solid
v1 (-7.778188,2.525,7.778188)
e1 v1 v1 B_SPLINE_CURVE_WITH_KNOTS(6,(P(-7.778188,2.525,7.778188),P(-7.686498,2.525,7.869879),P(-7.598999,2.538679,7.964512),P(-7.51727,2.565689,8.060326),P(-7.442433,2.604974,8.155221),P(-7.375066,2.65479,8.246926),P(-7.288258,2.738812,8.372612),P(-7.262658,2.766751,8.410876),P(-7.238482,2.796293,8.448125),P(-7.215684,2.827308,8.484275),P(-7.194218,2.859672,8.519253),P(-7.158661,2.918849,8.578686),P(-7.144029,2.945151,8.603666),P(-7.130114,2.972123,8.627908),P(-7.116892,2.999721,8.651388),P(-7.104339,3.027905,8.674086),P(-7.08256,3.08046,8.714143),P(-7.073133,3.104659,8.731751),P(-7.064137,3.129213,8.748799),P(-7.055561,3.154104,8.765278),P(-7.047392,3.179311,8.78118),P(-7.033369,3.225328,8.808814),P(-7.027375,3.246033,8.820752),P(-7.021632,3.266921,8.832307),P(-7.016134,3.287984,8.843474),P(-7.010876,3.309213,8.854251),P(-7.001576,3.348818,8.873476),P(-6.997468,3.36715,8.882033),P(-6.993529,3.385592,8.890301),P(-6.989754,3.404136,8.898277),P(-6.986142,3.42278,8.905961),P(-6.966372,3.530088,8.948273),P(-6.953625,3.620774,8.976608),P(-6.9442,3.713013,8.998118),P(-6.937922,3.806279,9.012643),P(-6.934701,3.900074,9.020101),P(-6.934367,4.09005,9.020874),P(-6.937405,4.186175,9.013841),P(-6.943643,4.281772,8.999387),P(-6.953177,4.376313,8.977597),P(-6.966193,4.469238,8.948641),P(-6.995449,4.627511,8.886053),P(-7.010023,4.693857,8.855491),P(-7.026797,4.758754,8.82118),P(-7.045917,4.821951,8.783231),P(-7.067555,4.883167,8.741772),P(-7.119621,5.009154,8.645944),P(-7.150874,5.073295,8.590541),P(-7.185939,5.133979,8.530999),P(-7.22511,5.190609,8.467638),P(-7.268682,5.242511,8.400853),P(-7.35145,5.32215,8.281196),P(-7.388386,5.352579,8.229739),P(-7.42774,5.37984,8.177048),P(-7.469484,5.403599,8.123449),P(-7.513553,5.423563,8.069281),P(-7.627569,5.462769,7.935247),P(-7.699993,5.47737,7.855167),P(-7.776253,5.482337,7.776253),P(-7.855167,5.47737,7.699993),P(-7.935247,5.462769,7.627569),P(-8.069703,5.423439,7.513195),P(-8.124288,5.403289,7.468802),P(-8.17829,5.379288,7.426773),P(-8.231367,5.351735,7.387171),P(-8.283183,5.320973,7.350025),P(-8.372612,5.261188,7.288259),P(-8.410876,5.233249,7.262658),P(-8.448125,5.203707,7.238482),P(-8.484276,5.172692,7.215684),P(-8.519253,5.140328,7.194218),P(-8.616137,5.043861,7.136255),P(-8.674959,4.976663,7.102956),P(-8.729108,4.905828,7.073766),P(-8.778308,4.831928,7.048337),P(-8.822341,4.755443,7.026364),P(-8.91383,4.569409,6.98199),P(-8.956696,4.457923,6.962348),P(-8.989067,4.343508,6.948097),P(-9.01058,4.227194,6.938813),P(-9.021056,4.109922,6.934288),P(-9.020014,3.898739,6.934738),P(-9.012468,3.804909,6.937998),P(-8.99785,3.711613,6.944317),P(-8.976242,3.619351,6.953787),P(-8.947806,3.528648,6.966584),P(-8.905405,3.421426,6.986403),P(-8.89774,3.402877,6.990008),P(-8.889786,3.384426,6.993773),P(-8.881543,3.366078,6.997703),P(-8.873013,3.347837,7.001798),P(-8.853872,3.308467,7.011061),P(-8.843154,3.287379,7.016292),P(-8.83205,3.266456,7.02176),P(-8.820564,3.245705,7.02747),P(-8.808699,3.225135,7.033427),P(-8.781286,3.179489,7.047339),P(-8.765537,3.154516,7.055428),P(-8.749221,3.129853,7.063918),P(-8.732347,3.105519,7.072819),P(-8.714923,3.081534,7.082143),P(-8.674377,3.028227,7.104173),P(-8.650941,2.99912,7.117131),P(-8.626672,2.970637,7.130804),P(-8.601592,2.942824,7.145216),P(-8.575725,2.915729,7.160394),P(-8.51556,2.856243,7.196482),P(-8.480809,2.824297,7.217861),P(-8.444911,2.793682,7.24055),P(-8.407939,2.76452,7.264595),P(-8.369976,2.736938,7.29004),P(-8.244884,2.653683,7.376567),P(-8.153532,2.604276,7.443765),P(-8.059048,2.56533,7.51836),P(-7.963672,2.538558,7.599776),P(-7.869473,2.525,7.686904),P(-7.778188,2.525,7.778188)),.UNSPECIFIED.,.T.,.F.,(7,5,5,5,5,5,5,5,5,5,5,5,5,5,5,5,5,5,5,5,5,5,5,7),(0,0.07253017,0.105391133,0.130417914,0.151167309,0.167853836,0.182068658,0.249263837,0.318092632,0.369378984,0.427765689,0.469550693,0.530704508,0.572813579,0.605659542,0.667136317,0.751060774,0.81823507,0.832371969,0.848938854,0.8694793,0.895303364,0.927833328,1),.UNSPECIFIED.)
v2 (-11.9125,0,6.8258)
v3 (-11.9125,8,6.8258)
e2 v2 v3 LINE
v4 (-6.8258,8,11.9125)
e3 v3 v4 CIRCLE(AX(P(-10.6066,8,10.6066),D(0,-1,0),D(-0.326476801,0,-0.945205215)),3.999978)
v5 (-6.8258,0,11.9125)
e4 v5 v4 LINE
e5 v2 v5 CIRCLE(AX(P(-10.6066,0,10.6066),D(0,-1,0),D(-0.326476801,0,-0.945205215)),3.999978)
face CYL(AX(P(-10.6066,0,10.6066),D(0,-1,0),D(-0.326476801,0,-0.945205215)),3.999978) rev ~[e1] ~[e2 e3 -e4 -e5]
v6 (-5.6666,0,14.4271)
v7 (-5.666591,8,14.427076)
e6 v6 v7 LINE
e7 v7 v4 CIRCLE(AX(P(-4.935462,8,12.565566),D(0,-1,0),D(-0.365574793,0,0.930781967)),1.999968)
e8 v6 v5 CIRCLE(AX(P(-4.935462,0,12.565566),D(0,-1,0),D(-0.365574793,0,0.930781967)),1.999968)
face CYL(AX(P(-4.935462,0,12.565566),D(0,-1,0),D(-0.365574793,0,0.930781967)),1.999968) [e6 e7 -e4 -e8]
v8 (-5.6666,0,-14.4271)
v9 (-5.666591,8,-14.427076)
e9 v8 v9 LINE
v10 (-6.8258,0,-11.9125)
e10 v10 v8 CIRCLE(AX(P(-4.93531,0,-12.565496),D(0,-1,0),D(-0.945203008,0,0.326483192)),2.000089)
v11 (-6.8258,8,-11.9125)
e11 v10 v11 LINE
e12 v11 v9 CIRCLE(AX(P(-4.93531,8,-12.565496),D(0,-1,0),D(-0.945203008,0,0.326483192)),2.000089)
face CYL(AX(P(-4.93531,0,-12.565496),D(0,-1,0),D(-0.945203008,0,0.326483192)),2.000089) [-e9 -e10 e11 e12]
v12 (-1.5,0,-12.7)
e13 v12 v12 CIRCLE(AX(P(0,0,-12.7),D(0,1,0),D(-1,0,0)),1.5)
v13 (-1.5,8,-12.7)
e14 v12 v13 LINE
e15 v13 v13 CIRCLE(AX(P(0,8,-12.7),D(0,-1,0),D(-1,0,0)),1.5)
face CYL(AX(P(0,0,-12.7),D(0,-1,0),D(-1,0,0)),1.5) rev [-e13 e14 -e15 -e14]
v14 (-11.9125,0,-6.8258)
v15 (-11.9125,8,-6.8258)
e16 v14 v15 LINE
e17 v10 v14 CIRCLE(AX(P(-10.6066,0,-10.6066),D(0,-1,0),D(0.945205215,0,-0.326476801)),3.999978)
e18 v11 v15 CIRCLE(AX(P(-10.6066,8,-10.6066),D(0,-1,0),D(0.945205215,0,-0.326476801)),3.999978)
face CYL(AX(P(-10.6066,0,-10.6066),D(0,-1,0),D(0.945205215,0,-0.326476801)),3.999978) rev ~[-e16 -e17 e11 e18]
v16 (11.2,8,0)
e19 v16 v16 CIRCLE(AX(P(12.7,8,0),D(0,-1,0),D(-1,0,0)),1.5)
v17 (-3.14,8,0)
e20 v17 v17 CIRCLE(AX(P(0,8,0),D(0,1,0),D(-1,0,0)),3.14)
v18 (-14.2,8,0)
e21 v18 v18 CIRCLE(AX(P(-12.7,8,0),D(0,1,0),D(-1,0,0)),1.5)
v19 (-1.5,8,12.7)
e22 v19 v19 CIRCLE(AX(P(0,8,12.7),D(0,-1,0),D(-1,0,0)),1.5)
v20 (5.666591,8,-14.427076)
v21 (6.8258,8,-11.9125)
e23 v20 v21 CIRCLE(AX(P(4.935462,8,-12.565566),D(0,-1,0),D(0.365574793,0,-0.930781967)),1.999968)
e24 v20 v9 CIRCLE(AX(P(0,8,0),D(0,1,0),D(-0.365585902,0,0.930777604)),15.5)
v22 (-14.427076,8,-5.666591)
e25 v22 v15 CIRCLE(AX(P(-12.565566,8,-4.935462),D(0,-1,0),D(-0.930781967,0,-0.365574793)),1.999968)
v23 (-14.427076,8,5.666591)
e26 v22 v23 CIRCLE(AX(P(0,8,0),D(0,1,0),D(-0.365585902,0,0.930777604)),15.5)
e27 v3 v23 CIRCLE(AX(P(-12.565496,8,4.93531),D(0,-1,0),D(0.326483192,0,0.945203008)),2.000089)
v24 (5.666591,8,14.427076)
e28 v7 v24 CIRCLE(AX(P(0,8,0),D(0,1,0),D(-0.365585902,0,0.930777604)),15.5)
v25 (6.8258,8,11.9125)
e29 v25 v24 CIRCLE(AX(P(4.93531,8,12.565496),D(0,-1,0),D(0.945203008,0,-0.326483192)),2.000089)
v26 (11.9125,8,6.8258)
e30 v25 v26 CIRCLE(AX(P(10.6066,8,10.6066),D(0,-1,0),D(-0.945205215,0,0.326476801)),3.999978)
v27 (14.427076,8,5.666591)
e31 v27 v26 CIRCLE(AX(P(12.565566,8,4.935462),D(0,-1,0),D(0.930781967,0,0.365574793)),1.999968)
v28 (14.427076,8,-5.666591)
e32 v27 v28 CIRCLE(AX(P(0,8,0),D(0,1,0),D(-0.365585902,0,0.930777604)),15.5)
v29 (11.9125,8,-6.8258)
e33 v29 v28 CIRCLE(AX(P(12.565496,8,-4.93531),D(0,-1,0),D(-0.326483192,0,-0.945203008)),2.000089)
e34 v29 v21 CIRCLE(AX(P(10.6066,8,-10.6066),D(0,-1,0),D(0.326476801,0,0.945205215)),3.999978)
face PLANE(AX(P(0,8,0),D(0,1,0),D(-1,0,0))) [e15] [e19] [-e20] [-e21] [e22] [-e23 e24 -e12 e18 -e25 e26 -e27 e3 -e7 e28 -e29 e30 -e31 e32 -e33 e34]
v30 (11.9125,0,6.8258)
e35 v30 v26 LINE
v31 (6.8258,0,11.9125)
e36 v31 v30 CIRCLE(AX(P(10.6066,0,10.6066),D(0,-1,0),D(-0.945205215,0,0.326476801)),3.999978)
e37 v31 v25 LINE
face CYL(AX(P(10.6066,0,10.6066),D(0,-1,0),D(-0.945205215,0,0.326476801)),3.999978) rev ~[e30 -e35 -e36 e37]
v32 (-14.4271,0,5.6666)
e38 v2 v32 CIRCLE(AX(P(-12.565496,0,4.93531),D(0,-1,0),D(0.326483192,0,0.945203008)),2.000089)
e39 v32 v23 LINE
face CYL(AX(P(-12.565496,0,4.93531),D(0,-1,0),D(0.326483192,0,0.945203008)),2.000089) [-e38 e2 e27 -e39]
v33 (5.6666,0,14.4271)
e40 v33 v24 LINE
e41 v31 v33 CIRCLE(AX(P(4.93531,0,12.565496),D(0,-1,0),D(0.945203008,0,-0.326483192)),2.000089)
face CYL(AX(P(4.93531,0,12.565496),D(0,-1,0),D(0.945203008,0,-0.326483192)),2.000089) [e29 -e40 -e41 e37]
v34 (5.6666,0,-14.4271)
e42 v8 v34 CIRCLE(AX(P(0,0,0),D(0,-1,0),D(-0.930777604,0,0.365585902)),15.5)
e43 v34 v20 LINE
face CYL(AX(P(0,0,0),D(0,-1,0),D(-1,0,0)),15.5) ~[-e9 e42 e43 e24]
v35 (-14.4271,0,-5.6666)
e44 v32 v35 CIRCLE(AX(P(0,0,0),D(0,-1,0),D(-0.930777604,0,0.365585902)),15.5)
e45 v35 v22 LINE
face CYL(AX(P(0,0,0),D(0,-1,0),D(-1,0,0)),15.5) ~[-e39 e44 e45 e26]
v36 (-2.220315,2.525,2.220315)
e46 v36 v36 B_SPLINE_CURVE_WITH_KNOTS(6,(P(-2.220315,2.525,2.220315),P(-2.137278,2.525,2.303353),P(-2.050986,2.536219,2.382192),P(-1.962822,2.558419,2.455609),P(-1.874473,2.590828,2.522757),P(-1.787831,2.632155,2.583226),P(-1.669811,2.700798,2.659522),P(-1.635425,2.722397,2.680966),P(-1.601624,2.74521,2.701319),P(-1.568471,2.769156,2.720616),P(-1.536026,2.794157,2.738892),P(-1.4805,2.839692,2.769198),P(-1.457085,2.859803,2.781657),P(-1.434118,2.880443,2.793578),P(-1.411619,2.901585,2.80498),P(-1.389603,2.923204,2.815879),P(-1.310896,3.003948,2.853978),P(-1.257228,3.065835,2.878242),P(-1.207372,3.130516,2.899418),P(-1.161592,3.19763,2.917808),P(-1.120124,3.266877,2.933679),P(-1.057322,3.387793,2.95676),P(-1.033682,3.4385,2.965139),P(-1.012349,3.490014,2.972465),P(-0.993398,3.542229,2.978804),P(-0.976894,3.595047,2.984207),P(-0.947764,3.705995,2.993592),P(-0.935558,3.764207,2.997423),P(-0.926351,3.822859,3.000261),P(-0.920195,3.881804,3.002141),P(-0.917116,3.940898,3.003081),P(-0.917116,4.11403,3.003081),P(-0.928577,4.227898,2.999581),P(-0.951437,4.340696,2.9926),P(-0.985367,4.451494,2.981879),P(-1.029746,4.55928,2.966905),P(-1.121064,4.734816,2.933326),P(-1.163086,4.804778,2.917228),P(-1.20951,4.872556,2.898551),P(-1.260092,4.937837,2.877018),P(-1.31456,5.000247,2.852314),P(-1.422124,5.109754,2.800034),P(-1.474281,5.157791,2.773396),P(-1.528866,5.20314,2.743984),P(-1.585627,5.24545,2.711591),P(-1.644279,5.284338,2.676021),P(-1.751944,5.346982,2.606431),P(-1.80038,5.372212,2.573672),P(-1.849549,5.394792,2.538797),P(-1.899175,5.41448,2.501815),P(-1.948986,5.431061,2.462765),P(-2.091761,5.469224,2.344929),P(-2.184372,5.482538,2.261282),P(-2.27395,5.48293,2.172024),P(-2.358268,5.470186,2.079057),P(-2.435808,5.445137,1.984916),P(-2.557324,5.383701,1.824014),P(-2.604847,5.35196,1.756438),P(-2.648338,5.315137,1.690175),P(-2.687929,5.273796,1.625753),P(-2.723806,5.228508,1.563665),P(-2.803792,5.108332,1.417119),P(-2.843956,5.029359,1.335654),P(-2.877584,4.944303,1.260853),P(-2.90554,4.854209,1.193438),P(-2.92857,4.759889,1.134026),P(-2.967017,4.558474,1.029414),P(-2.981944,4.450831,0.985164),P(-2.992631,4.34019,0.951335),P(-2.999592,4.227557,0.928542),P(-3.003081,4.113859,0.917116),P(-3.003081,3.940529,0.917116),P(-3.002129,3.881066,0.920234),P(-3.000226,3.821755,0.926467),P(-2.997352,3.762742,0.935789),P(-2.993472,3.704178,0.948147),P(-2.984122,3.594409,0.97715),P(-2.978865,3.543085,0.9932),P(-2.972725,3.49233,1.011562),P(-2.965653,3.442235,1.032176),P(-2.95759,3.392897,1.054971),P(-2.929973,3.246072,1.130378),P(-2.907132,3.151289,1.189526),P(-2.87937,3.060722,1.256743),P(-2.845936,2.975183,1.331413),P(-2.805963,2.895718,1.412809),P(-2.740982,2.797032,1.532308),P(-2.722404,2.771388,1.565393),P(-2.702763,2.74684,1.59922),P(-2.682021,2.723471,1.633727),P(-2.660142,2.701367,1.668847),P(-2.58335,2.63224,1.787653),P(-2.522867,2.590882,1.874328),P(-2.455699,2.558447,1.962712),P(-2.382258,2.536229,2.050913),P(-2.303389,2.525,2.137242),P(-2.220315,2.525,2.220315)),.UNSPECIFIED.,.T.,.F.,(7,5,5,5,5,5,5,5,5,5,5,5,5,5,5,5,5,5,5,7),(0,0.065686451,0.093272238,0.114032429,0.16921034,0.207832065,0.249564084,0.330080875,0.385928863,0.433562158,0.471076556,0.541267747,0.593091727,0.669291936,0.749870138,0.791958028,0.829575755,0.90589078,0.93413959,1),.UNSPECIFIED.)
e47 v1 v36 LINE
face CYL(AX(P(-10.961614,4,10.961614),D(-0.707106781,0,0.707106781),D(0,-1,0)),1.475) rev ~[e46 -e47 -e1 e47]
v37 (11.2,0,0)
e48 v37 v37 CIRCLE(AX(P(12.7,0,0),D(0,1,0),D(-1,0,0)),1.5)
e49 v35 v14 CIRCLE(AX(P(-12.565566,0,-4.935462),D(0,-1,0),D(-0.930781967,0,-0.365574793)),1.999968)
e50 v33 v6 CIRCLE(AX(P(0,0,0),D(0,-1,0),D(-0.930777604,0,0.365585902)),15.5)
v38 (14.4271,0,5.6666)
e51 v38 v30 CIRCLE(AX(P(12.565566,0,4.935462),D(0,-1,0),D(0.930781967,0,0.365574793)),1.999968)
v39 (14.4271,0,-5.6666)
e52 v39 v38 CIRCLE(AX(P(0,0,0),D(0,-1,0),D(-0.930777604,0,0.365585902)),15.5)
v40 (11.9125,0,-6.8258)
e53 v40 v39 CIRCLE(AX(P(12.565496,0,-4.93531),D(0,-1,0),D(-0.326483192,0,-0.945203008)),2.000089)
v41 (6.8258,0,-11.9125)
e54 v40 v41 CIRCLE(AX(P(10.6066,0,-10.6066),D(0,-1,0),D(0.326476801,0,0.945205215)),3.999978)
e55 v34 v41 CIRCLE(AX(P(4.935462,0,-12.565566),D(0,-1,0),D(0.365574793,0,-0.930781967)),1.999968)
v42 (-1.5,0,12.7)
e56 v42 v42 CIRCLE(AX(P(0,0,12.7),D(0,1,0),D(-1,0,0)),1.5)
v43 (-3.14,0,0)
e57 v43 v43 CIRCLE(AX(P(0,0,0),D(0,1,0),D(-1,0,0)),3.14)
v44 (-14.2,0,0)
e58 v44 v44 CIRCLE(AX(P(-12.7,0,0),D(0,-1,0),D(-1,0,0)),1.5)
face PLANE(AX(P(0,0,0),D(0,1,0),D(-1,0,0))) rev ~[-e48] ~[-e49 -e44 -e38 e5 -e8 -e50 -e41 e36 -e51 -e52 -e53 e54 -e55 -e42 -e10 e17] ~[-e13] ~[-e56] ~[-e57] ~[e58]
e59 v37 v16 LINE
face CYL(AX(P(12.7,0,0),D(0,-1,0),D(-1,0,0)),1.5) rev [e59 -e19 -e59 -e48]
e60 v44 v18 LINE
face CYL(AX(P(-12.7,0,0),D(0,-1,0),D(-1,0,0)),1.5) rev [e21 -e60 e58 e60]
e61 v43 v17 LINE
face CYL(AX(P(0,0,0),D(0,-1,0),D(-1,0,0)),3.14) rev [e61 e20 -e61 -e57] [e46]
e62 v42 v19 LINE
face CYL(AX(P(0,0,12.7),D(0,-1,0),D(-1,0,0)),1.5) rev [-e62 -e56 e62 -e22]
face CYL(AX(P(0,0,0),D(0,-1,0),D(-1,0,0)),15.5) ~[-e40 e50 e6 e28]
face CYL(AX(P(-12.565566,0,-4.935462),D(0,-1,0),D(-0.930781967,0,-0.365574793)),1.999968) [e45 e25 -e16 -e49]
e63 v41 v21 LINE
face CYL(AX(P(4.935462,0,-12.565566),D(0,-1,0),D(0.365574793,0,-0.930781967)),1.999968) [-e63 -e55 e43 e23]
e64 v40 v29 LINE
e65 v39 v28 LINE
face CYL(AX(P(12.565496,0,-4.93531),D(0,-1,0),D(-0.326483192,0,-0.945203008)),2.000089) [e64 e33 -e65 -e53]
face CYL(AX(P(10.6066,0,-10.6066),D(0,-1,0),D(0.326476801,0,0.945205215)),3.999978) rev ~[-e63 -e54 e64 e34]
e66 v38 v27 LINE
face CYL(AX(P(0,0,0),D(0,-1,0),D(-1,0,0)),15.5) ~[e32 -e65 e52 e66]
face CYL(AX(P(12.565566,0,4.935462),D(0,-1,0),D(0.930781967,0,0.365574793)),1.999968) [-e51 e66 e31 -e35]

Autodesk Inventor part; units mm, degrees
ref_plane "XZ Plane" through (0, 0, 0) normal (0, 1, 0) x (-1, 0, 0)
sketch "Skizze1" plane through (0, 0, 0) normal (0, 1, 0) x (-1, 0, 0)
  circle A0 centre (0, 0) radius 3.14
  circle A1 centre (0, 0) radius 12.7
  circle A2 centre (0, 0) radius 15.5
  circle A3 centre (0, 12.7) radius 1.5
  circle A4 centre (12.7, 0) radius 1.5
  circle A5 centre (0, -12.7) radius 1.5
  circle A6 centre (-12.7, 0) radius 1.5
  dimension "d0" = 6.28
  dimension "d1" = 25.4
  dimension "d2" = 31
  dimension "d3" = 3
  dimension "d4" = 3
  dimension "d5" = 3
  dimension "d6" = 3
extrude "Extrusion1" add sketch "Skizze1" along normal blind 8 contours A4 A1 A5 A6 A3 | A2
ref_plane "Arbeitsebene3" through (-10.9602, 0, 10.9602) normal (-0.7071, 0, 0.7071) x (0, -1, 0)
ref_plane "Arbeitsebene2" through (0, 0, 0) normal (-0.7071, 0, 0.7071) x (0, -1, 0)
sketch "Skizze2" plane through (-10.9602, 0, 10.9602) normal (-0.7071, 0, 0.7071) x (0, -1, 0)
  circle A0 centre (-4, 0) radius 1.475
  line L0 (0, 15.5) -> (0, -15.5) projected
  point P0 (0, 0)
  dimension "d9" = 2.95
  dimension "d10" = 4
extrude "Extrusion2" cut sketch "Skizze2" against normal blind 16
sketch "Skizze3" plane through (0, 0, 0) normal (0, -1, 0) x (1, 0, 0)
  circle A0 centre (0, 0) radius 15.5 projected
  arc A1 (-11.9125, 6.8258) -> (-6.8258, 11.9125) centre (-10.6066, 10.6066) ccw
  line L0 (0, 0) -> (-15.0003, 15.0003) construction
  line L1 (0, 0) -> (0, 6.573) construction
  arc A2 (-14.4271, 5.6666) -> (-5.6666, 14.4271) centre (0, 0) ccw
  arc A3 (-11.9125, 6.8258) -> (-14.4271, 5.6666) centre (-12.5655, 4.9354) ccw
  arc A4 (-5.6666, 14.4271) -> (-6.8258, 11.9125) centre (-4.9354, 12.5655) ccw
  point P0 (-5.6666, 14.4271)
  point P1 (-14.4271, 5.6666)
  dimension "d13" = 8
  dimension "d14" = 45
  dimension "d15" = 2
  dimension "d18" = 15
extrude "Extrusion3" cut sketch "Skizze3" against normal blind 16 contours A4 A1 A3 A0 picked at (-11.6232, 8.691)
pattern_circular "Runde Anordnung1" count 4 over 360 about axis through (0, 0, 0) along (0, 1, 0) of "Extrusion3"
properties part number "lüfter_flansch"
